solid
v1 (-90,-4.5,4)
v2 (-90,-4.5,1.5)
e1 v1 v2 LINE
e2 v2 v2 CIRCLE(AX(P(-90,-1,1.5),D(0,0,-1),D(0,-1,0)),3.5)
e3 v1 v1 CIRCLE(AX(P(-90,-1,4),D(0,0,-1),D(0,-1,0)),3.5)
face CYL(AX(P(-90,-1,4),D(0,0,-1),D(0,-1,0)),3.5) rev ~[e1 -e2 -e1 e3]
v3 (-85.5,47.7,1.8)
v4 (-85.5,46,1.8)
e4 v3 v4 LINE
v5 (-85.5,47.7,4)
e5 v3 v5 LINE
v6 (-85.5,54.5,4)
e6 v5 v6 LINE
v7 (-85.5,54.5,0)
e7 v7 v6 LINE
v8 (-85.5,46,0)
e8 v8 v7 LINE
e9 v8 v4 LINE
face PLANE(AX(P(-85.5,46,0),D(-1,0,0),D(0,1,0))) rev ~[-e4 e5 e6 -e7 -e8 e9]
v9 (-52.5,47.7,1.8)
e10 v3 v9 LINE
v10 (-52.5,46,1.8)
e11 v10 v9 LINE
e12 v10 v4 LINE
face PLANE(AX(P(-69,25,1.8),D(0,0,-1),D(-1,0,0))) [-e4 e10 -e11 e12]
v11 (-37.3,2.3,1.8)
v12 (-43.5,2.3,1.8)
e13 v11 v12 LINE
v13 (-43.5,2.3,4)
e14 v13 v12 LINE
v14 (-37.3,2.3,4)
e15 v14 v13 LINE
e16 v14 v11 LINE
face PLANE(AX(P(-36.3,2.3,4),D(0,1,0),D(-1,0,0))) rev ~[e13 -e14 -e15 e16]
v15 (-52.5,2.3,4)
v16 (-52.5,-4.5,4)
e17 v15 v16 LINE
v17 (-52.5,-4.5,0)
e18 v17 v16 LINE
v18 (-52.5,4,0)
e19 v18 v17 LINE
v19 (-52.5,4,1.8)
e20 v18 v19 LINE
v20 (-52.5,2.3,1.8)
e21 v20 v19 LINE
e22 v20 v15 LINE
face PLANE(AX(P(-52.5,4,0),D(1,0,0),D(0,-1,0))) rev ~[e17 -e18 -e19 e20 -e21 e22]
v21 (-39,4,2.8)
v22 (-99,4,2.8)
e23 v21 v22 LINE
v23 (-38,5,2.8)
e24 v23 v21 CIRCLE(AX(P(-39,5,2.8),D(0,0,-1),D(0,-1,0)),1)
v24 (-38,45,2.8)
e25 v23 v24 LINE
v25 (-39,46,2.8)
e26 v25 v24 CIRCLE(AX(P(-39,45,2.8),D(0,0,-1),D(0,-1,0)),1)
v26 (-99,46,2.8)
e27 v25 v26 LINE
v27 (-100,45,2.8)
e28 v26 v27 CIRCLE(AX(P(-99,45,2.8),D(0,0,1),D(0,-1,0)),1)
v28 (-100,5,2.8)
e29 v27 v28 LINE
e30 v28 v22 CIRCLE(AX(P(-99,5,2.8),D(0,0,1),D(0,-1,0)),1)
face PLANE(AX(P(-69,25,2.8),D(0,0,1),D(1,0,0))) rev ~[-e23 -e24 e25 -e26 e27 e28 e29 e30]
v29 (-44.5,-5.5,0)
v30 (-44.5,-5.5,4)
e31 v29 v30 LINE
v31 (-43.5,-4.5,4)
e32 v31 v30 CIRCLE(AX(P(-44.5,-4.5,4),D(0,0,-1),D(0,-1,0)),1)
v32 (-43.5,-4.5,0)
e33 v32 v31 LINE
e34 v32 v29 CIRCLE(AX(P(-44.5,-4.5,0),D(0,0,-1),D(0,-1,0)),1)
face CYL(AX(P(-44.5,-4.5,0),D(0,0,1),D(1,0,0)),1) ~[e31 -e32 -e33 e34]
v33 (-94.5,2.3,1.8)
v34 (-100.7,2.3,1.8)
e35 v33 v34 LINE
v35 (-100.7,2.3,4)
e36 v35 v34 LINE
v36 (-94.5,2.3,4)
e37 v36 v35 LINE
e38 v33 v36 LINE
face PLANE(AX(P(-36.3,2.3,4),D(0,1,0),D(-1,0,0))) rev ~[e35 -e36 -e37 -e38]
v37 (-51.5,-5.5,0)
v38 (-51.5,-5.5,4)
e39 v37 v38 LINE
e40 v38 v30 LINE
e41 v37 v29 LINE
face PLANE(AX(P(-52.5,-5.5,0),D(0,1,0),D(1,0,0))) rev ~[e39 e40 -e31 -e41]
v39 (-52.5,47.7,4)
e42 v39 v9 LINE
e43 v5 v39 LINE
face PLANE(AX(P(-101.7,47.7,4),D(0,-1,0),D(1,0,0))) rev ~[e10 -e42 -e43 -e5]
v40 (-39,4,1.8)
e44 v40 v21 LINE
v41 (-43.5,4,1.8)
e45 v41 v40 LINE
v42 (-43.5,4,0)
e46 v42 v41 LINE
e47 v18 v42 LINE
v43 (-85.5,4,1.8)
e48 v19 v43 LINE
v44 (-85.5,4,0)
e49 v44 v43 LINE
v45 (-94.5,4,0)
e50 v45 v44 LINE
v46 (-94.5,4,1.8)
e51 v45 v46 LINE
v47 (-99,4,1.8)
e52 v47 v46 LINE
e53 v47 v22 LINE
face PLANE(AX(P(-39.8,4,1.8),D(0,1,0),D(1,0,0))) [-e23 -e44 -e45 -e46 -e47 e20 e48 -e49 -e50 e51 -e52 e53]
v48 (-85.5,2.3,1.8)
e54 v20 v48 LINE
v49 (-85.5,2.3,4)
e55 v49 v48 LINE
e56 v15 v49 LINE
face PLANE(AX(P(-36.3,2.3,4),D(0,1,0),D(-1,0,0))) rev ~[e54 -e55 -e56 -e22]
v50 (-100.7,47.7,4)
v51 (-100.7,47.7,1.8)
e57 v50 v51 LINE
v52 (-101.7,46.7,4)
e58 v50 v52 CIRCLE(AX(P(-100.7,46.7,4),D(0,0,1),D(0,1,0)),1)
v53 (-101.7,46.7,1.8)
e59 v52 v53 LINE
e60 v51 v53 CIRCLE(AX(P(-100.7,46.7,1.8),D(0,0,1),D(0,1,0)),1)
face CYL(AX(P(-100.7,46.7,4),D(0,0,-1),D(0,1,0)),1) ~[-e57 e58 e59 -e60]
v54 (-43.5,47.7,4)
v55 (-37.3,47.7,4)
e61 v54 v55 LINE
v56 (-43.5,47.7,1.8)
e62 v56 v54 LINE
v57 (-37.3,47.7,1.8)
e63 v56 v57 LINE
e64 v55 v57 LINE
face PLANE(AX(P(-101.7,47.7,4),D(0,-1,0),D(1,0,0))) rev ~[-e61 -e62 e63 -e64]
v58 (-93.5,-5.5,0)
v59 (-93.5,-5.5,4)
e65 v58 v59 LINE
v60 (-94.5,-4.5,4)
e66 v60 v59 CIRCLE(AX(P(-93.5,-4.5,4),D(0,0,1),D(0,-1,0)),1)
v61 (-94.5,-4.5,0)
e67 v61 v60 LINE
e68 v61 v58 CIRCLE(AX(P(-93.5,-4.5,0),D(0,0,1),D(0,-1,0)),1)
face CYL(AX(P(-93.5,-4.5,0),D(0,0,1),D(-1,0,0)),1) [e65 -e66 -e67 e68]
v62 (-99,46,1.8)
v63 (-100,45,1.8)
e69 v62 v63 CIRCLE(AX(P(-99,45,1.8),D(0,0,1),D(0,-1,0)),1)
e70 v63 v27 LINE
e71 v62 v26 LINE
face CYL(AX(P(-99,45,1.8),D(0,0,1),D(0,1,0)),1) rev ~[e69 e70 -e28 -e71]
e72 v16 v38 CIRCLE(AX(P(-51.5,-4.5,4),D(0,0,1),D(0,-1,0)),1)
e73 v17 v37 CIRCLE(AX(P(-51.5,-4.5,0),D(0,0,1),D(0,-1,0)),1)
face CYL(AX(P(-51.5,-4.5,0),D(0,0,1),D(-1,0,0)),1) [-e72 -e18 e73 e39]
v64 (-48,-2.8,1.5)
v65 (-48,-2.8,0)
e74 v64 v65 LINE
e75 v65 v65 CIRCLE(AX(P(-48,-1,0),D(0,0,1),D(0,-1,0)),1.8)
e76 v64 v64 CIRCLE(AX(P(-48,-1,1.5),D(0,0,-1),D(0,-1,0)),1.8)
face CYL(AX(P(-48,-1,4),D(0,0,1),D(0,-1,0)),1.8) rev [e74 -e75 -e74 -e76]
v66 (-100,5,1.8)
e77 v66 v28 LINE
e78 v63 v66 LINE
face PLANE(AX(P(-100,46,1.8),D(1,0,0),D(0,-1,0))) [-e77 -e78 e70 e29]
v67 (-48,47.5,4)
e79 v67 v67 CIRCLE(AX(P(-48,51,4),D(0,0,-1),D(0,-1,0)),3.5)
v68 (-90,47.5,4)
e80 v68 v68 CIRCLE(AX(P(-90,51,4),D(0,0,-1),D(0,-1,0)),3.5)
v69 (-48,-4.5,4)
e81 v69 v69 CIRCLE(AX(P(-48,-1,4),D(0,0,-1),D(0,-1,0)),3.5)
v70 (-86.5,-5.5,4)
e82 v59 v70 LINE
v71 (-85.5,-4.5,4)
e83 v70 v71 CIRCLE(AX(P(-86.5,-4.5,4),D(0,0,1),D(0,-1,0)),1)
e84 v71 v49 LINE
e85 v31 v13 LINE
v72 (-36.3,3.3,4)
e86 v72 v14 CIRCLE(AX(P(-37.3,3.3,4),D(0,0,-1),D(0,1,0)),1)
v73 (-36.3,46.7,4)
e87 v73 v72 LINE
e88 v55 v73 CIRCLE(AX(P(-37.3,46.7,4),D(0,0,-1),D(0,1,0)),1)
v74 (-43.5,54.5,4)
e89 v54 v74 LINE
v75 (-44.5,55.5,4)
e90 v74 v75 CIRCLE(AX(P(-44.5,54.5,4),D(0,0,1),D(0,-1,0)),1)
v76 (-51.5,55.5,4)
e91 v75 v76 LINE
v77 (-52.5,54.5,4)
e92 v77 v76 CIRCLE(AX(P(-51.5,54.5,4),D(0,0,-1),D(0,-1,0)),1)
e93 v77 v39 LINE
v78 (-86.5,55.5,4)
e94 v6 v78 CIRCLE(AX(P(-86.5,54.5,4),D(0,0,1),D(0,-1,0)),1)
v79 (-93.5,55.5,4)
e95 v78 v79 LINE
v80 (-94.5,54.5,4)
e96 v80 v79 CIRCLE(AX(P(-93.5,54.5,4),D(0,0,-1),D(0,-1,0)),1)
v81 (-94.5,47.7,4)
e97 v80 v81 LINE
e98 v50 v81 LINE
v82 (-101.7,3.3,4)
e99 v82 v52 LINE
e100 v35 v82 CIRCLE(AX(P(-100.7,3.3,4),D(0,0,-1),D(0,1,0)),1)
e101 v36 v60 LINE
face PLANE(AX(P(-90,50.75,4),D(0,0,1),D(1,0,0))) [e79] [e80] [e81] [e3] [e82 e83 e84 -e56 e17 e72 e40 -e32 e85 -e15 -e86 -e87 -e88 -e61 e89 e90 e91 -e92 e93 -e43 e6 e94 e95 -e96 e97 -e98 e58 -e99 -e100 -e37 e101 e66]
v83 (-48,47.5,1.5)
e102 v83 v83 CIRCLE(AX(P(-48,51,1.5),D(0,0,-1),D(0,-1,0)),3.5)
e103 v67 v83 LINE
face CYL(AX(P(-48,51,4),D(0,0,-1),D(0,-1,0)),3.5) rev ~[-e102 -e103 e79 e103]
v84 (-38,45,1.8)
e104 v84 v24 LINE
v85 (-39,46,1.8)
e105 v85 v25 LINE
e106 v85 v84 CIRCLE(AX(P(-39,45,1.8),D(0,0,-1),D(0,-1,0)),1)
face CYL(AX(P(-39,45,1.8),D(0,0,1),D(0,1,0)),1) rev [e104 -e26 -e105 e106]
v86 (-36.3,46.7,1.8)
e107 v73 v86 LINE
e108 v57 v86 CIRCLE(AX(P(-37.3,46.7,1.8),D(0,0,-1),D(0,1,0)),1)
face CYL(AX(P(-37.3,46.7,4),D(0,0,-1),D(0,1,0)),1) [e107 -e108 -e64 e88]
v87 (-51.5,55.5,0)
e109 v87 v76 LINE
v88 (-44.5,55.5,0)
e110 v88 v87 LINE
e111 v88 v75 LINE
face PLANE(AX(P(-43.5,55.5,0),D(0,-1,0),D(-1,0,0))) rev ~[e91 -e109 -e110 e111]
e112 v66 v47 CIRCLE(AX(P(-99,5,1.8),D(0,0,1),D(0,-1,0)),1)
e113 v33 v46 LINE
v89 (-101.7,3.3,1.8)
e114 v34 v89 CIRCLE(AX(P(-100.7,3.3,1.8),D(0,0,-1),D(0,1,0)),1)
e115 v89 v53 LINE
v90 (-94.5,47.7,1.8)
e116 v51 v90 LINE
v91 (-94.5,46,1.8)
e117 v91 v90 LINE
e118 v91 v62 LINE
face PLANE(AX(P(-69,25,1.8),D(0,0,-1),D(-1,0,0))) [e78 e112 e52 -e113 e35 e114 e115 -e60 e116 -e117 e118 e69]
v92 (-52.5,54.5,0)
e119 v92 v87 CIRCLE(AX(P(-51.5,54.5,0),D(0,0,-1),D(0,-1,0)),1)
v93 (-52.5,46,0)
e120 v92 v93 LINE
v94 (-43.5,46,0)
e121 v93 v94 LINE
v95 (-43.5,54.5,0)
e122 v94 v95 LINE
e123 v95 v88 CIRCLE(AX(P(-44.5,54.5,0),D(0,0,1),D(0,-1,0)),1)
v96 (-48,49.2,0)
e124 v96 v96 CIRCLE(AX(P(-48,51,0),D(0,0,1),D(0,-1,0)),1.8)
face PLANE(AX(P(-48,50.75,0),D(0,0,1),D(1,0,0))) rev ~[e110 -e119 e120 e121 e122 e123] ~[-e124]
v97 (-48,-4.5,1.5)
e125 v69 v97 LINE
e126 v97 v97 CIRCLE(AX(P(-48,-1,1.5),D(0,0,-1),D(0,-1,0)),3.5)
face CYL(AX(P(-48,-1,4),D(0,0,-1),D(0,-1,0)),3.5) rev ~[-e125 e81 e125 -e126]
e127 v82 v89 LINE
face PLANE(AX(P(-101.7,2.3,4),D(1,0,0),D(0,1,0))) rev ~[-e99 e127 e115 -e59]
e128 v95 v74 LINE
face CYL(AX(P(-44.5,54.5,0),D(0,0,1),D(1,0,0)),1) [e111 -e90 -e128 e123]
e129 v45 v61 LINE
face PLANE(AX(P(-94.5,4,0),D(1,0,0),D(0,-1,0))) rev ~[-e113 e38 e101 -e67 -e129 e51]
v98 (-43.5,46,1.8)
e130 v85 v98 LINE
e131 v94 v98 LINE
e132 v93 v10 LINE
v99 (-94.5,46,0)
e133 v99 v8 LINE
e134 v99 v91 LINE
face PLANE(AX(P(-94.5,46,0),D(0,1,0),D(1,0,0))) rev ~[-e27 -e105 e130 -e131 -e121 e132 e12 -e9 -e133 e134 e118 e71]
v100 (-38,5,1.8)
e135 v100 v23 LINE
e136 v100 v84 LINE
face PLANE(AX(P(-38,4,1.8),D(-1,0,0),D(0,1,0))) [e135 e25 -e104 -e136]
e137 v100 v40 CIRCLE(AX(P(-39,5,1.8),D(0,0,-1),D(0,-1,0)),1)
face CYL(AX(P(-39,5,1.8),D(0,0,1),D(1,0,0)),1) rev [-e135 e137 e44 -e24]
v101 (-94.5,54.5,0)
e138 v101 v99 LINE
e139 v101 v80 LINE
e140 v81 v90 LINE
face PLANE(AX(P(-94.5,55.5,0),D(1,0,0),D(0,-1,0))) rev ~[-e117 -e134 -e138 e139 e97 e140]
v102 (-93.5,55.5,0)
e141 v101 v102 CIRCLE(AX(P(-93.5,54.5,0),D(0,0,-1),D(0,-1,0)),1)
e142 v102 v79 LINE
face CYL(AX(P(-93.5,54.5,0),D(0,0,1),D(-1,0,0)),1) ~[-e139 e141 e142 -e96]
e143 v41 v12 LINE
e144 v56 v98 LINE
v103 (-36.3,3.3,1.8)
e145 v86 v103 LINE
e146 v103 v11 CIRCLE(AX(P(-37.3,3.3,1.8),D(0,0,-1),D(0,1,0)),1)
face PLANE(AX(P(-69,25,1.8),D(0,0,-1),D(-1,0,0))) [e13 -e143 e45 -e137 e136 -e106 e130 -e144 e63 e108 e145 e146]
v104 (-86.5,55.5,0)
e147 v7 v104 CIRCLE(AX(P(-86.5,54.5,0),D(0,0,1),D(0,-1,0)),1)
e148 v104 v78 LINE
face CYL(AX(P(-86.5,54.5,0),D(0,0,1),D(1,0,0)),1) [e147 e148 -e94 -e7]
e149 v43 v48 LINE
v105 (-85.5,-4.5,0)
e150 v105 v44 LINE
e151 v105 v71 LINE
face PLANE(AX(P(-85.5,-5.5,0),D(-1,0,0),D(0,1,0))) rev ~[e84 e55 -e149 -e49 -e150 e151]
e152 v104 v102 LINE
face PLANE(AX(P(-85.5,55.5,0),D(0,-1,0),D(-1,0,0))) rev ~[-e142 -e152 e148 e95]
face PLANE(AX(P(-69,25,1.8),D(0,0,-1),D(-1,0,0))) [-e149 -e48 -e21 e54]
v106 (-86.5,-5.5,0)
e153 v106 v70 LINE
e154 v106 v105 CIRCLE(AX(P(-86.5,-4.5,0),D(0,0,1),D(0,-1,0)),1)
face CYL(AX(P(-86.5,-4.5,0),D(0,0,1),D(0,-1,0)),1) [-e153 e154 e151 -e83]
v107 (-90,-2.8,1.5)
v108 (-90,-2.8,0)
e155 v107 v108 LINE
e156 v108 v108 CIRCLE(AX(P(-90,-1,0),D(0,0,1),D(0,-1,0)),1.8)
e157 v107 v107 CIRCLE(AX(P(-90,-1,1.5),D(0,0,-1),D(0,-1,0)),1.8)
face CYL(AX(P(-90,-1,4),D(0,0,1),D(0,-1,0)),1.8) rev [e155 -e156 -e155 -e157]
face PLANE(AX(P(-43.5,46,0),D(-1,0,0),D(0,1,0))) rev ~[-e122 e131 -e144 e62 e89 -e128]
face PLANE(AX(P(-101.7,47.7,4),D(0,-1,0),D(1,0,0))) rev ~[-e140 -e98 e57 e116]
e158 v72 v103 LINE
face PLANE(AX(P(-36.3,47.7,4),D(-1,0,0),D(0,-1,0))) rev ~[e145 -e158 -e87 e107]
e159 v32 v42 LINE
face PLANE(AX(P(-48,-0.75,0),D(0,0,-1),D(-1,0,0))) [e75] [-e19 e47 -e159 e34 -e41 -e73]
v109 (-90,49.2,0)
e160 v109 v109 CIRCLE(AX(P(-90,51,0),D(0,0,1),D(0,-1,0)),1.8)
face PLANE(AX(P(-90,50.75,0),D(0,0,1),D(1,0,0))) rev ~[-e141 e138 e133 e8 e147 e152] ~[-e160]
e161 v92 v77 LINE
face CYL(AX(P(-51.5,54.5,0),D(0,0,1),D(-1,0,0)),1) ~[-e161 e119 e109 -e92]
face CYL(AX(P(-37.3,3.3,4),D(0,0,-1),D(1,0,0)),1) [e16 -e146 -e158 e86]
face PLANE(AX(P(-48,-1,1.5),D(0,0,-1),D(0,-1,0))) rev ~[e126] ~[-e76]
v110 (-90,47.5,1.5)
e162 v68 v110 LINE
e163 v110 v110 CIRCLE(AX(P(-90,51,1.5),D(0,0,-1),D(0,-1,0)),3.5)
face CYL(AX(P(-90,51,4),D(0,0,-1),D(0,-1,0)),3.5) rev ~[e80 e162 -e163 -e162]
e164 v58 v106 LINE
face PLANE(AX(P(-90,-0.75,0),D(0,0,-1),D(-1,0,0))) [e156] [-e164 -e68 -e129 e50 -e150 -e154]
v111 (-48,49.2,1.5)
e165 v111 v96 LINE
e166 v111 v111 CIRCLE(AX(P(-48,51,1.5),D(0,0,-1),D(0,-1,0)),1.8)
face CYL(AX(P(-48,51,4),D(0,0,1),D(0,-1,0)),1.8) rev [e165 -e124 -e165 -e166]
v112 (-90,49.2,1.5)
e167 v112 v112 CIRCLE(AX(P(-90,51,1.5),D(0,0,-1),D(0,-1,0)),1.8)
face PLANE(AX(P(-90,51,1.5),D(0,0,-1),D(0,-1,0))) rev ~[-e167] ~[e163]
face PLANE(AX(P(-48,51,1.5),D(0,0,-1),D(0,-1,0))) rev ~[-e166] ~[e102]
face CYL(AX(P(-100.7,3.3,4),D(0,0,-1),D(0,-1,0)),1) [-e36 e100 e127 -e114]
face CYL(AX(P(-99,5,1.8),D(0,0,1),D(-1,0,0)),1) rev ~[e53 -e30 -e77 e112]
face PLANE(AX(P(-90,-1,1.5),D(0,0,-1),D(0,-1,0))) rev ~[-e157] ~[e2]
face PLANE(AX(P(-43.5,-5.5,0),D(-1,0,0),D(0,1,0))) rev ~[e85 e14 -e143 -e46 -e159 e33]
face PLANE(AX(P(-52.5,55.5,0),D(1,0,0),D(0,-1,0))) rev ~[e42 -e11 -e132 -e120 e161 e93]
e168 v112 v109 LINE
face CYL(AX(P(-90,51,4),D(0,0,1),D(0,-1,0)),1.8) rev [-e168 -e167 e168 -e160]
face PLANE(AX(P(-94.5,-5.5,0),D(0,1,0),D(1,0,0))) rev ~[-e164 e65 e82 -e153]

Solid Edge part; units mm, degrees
sketch "Sketch1" plane through (0, 0, 0) normal (0, 0, 1) x (1, 0, 0)
  line L0 (-94.5, 46) -> (-85.5, 46)
  line L1 (-85.5, 46) -> (-85.5, 55.5)
  line L2 (-85.5, 55.5) -> (-94.5, 55.5)
  line L3 (-94.5, 55.5) -> (-94.5, 46)
  line L4 (-94.5, 4) -> (-85.5, 4)
  line L5 (-85.5, -5.5) -> (-85.5, 4)
  line L6 (-94.5, -5.5) -> (-85.5, -5.5)
  line L7 (-94.5, 4) -> (-94.5, -5.5)
  line L8 (-52.5, 4) -> (-43.5, 4)
  line L9 (-43.5, -5.5) -> (-43.5, 4)
  line L10 (-52.5, -5.5) -> (-43.5, -5.5)
  line L11 (-52.5, 4) -> (-52.5, -5.5)
  line L12 (-52.5, 46) -> (-43.5, 46)
  line L13 (-43.5, 46) -> (-43.5, 55.5)
  line L14 (-43.5, 55.5) -> (-52.5, 55.5)
  line L15 (-52.5, 55.5) -> (-52.5, 46)
  dimension "D1" = 0.5
extrude "Protrusion1" add sketch "Sketch1" along normal blind 4
sketch "Sketch2" plane through (-97, -4.7, 4) normal (0, 0, 1) x (1, 0, 0)
  line L0 (-4.7, 52.4) -> (60.7, 52.4)
  line L1 (60.7, 52.4) -> (60.7, 7)
  line L2 (60.7, 7) -> (-4.7, 7)
  line L3 (-4.7, 7) -> (-4.7, 52.4)
extrude "ExtrudedProtrusion_2" add sketch "Sketch2" against normal blind 2.2
sketch "Sketch3" plane through (-61.5, 21.5, 1.8) normal (0, 0, -1) x (0, -1, 0)
  line L0 (17.5, -21.7) -> (17.5, -23.5)
  line L1 (17.5, -23.5) -> (-24.5, -23.5)
  line L2 (-24.5, -23.5) -> (-24.5, 38.5)
  line L3 (-24.5, 38.5) -> (17.5, 38.5)
  line L4 (17.5, 38.5) -> (17.5, 36.7)
  line L5 (17.5, 36.7) -> (17.5, 20.3)
  line L6 (17.5, 20.3) -> (17.5, -5.3)
  line L7 (17.5, -5.3) -> (17.5, -21.7)
extrude "ExtrudedCutout_1" cut sketch "Sketch3" against normal blind 1
hole "Hole_1" at (-90, 51, 4) direction (0, 0, -1) diameter 3.6 end up to next counterbore diameter 7 counterbore depth 2.5
hole "Hole1" at (-48, 51, 4) direction (0, 0, -1) diameter 3.6 end up to next counterbore diameter 7 counterbore depth 2.5
hole "Hole2" at (-48, -1, 4) direction (0, 0, -1) diameter 3.6 end up to next counterbore diameter 7 counterbore depth 2.5
hole "Hole3" at (-90, -1, 4) direction (0, 0, -1) diameter 3.6 end up to next counterbore diameter 7 counterbore depth 2.5
fillet "Round_1" radius 1 16 edges at (-36.3, 2.3, 2.9) (-36.3, 47.7, 2.9) (-101.7, 2.3, 2.9) (-101.7, 47.7, 2.9) (-43.5, -5.5, 2) (-52.5, -5.5, 2) (-94.5, -5.5, 2) (-85.5, -5.5, 2) (-85.5, 55.5, 2) (-94.5, 55.5, 2) (-52.5, 55.5, 2) (-43.5, 55.5, 2) (-38, 4, 2.3) (-100, 4, 2.3) (-38, 46, 2.3) (-100, 46, 2.3)
